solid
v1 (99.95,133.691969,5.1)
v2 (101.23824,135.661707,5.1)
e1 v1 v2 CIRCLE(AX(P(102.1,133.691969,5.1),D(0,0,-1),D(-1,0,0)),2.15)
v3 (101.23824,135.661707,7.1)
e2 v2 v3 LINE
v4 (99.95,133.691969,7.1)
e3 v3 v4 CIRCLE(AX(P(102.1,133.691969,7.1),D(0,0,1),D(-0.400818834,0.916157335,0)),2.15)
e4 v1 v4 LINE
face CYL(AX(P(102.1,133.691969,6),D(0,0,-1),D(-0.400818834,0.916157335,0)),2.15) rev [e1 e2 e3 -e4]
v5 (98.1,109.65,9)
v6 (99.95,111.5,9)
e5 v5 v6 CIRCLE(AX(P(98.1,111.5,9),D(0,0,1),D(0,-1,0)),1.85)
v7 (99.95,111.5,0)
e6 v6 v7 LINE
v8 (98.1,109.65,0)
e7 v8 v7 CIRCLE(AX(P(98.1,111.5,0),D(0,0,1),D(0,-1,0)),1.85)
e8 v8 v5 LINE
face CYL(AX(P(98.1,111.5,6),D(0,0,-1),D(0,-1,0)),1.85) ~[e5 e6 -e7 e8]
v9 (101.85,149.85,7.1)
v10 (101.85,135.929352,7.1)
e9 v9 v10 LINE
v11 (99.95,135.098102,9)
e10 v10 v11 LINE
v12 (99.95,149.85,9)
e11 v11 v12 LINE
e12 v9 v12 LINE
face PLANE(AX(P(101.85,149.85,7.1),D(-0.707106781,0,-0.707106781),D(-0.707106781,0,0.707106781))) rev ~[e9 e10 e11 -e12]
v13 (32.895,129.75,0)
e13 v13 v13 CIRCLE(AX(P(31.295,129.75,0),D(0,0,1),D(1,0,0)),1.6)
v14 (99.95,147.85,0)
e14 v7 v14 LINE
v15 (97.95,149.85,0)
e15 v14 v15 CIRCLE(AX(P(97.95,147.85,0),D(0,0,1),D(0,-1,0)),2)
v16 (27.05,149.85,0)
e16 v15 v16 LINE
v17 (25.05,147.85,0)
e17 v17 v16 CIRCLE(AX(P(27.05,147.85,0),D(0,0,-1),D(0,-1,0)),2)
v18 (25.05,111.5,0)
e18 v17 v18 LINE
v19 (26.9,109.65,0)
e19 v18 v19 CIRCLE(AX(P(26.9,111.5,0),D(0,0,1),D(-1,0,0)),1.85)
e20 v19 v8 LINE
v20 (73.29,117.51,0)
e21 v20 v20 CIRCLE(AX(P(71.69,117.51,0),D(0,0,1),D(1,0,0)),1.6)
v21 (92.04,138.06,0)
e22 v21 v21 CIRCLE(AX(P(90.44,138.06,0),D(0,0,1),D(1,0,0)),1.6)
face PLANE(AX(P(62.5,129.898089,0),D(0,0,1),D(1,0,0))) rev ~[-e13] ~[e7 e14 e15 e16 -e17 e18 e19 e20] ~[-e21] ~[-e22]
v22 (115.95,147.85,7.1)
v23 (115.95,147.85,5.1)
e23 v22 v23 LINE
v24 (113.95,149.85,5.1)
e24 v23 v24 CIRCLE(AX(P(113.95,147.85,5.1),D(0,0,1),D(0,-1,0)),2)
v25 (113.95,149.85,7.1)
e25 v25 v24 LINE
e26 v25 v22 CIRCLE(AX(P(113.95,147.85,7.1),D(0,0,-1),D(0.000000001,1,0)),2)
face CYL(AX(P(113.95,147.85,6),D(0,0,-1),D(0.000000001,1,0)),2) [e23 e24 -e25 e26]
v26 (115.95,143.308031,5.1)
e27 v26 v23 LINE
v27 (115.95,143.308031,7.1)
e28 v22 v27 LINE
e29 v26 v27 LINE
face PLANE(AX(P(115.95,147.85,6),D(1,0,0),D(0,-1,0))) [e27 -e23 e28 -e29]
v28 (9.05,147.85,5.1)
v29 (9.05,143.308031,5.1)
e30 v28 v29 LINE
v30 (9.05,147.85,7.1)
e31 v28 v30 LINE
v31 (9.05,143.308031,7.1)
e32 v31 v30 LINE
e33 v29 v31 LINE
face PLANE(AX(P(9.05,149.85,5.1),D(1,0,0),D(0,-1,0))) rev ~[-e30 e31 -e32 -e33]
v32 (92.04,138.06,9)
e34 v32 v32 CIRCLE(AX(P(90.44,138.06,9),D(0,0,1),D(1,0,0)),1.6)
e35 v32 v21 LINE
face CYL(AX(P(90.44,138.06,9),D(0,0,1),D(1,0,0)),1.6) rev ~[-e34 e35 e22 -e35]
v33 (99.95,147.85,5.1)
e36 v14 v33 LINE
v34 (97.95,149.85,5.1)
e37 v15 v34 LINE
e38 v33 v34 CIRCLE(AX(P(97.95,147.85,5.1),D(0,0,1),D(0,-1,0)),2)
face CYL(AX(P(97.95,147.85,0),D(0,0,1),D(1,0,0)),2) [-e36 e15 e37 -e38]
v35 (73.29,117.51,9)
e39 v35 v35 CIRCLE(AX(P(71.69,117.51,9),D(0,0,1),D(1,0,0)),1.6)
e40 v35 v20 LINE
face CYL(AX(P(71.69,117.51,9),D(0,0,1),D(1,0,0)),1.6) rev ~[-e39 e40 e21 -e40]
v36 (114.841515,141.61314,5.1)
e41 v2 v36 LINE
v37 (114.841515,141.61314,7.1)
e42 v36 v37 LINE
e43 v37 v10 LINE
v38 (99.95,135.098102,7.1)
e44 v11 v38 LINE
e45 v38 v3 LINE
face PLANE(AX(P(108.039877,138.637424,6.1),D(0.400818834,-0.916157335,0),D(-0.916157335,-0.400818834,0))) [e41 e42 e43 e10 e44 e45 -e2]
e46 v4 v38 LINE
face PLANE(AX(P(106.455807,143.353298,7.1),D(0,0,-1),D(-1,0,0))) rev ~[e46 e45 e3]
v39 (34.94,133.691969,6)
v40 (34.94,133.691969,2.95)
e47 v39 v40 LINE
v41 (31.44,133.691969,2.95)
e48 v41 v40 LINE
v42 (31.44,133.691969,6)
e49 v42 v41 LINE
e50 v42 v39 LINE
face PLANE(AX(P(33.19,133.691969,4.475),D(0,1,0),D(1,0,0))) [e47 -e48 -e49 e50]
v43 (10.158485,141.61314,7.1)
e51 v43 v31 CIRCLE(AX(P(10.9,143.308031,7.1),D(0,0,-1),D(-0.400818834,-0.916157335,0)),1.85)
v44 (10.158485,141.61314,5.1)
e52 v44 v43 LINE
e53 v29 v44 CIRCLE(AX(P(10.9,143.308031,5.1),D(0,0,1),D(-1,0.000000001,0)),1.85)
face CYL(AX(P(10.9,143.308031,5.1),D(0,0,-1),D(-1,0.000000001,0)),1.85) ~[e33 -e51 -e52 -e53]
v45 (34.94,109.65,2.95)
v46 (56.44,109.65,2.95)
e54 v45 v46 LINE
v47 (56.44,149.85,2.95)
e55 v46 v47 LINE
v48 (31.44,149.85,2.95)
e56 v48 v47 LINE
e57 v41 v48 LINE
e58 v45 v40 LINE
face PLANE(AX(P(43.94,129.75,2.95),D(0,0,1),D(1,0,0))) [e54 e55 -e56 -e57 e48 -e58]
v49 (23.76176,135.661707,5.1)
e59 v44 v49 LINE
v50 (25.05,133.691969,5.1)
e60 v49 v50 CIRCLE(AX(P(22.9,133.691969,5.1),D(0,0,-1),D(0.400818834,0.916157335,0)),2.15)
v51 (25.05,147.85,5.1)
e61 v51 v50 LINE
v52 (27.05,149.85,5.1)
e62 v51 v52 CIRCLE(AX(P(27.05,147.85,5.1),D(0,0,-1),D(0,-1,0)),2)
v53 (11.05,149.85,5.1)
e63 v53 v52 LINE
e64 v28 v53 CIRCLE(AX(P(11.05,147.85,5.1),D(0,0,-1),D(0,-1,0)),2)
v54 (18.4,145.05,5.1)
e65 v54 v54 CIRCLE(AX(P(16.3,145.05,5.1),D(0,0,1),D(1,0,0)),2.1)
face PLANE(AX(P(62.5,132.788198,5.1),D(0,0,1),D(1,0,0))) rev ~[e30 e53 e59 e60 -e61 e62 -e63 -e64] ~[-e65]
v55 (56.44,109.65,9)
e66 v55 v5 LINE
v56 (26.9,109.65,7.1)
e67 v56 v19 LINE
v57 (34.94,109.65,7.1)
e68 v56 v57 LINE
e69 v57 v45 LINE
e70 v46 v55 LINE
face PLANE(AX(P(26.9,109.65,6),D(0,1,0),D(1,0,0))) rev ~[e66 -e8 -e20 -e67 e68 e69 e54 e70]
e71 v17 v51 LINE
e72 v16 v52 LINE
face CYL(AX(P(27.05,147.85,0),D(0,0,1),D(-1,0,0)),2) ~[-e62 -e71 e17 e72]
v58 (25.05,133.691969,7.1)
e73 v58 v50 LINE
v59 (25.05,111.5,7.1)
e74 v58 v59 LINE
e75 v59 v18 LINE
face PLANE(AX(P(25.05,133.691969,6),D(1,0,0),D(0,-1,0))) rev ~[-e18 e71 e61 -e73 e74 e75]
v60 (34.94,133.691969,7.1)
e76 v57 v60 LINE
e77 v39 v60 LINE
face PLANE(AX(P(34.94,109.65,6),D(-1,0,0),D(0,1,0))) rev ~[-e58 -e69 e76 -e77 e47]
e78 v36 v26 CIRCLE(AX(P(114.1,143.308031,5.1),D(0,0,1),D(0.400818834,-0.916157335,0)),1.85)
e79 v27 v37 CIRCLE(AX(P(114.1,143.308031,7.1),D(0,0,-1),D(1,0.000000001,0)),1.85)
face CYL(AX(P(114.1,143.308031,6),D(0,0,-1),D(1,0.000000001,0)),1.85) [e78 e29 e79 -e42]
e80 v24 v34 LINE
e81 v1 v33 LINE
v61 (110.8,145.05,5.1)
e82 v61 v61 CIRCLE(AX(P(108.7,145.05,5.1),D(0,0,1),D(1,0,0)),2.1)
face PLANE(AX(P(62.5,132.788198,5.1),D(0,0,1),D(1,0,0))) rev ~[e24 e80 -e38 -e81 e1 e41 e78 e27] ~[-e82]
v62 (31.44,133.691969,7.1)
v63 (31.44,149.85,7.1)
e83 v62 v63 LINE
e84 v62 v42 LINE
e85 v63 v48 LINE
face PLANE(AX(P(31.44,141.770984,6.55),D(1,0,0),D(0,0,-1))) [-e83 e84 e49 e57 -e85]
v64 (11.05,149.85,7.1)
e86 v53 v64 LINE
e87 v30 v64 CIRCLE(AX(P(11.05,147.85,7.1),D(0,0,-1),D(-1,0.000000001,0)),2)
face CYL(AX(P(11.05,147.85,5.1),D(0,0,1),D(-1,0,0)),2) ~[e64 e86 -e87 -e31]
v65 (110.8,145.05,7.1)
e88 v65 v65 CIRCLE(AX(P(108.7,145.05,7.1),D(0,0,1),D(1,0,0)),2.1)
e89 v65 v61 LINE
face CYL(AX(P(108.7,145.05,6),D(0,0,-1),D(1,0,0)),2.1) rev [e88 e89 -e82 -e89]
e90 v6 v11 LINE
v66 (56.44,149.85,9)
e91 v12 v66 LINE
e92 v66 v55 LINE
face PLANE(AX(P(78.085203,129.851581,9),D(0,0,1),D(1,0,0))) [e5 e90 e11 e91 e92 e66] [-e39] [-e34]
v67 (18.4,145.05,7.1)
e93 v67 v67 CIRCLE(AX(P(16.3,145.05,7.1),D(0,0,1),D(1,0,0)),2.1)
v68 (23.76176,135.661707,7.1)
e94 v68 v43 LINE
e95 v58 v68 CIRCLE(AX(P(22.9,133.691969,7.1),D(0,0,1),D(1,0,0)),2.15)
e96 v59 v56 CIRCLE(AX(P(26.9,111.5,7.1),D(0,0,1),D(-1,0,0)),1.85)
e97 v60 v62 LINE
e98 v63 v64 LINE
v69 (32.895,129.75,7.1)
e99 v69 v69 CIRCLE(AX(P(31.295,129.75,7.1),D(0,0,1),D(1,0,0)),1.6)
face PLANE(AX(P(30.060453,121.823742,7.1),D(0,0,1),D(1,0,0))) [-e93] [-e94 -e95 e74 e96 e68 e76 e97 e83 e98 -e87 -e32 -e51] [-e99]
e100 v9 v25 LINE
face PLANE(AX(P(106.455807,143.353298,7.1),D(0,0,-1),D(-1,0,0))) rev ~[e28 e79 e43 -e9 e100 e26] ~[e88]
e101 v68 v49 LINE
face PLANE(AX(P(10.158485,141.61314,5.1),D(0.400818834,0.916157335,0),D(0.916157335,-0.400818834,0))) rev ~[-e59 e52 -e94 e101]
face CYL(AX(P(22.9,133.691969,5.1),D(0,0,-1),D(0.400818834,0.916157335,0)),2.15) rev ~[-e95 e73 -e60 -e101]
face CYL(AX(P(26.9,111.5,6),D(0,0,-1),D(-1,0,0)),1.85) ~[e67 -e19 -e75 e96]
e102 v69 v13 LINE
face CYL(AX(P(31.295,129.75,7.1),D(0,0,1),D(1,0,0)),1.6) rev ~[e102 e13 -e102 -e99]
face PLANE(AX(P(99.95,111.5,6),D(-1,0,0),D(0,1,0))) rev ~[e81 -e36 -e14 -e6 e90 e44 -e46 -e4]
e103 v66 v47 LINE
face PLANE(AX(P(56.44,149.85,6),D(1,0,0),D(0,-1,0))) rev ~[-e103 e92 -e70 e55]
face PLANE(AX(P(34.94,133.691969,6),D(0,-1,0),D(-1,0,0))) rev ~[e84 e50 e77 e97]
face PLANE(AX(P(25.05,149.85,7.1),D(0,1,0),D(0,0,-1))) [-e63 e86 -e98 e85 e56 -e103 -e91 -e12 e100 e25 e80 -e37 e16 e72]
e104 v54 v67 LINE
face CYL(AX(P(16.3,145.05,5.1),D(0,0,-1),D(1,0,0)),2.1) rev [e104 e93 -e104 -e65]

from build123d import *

# Parameters (mm, degrees)
BOSS_EXTRUDE1_DEPTH  = 5.1
SKETCH2_R            = 2.1
BOSS_EXTRUDE2_DEPTH  = 0.9
FILLET1_R            = 2
SKETCH3_R            = 2.1
BOSS_EXTRUDE3_DEPTH  = 1.1
BOSS_EXTRUDE4_DEPTH  = 16.158031
SKETCH5_W            = 25
SKETCH5_H            = 40.2
CUT_EXTRUDE2_DEPTH   = 3.05
SKETCH6_W            = 6
SKETCH6_H            = 24.2
BOSS_EXTRUDE5_DEPTH  = 3.5
CUT_EXTRUDE3_DEPTH   = 16.158031
BOSS_EXTRUDE6_DEPTH  = 3
BOSS_EXTRUDE7_REACH  = 42.2
SKETCH21_R           = 1.6
CUT_EXTRUDE6_DEPTH   = 9
CUT_EXTRUDE7_DEPTH   = 17.15803115
SKETCH23_W           = 1.1
SKETCH23_H           = 16.15803115
BOSS_EXTRUDE9_DEPTH  = 6.39
SKETCH26_W           = 3.5
SKETCH26_H           = 3.05
CUT_EXTRUDE11_DEPTH  = 0.158031
BOSS_EXTRUDE10_DEPTH = 1.1
SKETCH28_R           = 1.6
CUT_EXTRUDE12_DEPTH  = 7.1


with BuildPart() as part:
    # Sketch1 → Boss-Extrude1 (new body)
    with BuildSketch(Plane.XY):
        with BuildLine():
            Line((99.95, 149.85), (25.05, 149.85))
            Line((25.05, 149.85), (25.05, 148))
            Line((25.05, 148), (25.05, 111.5))
            ThreePointArc((25.05, 111.5), (25.591852455, 110.191852455), (26.9, 109.65))
            Line((26.9, 109.65), (98.1, 109.65))
            ThreePointArc((98.1, 109.65), (99.408147545, 110.191852455), (99.95, 111.5))
            Line((99.95, 111.5), (99.95, 148))
            Line((99.95, 148), (99.95, 149.85))
        make_face()
    extrude(amount=BOSS_EXTRUDE1_DEPTH)

    # Sketch2 → Boss-Extrude2 (add)
    with BuildSketch(Plane.XY.offset(5.1)):
        with BuildLine():
            Line((102.1, 149.85), (22.9, 149.85))
            Line((22.9, 149.85), (9.05, 149.85))
            Line((9.05, 149.85), (9.05, 148))
            Line((9.05, 148), (9.05, 143.30803115))
            ThreePointArc((9.05, 143.30803115), (9.351726371, 142.295436082), (10.158485157, 141.61314008))
            Line((10.158485157, 141.61314008), (23.761760493, 135.66170712))
            ThreePointArc((23.761760493, 135.66170712), (24.699345028, 134.868768523), (25.05, 133.69196885))
            Line((25.05, 133.69196885), (25.05, 111.5))
            ThreePointArc((25.05, 111.5), (25.591852455, 110.191852455), (26.9, 109.65))
            Line((26.9, 109.65), (98.1, 109.65))
            ThreePointArc((98.1, 109.65), (99.408147545, 110.191852455), (99.95, 111.5))
            Line((99.95, 111.5), (99.95, 133.69196885))
            ThreePointArc((99.95, 133.69196885), (100.300654972, 134.868768523), (101.238239507, 135.66170712))
            Line((101.238239507, 135.66170712), (114.841514843, 141.61314008))
            ThreePointArc((114.841514843, 141.61314008), (115.648273629, 142.295436082), (115.95, 143.30803115))
            Line((115.95, 143.30803115), (115.95, 148))
            Line((115.95, 148), (115.95, 149.85))
            Line((115.95, 149.85), (102.1, 149.85))
        make_face()
        with Locations((16.3, 145.05)):
            Circle(SKETCH2_R, mode=Mode.SUBTRACT)
        with Locations((108.7, 145.05)):
            Circle(SKETCH2_R, mode=Mode.SUBTRACT)
    extrude(amount=BOSS_EXTRUDE2_DEPTH)

    # Fillet1
    fillet1_edges = [part.edges().sort_by_distance(p)[0] for p in [
        (25.05, 149.85, 2.55),
        (99.95, 149.85, 2.55),
        (115.95, 149.85, 5.55),
        (9.05, 149.85, 5.55),
    ]]
    fillet(fillet1_edges, radius=FILLET1_R)

    # Sketch3 → Boss-Extrude3 (add)
    with BuildSketch(Plane.XY.offset(6)):
        with BuildLine():
            Line((99.95, 133.69196885), (99.95, 149.85))
            Line((99.95, 149.85), (113.95, 149.85))
            ThreePointArc((113.95, 149.85), (115.364213562, 149.264213562), (115.95, 147.85))
            Line((115.95, 147.85), (115.95, 143.30803115))
            ThreePointArc((115.95, 143.30803115), (115.648273629, 142.295436082), (114.841514843, 141.61314008))
            Line((114.841514843, 141.61314008), (101.238239507, 135.66170712))
            ThreePointArc((101.238239507, 135.66170712), (100.300654972, 134.868768523), (99.95, 133.69196885))
        make_face()
        with Locations((108.7, 145.05)):
            Circle(SKETCH3_R, mode=Mode.SUBTRACT)
        with BuildLine():
            Line((11.05, 149.85), (25.05, 149.85))
            Line((25.05, 149.85), (25.05, 133.69196885))
            ThreePointArc((25.05, 133.69196885), (24.699345028, 134.868768523), (23.761760493, 135.66170712))
            Line((23.761760493, 135.66170712), (10.158485157, 141.61314008))
            ThreePointArc((10.158485157, 141.61314008), (9.351726371, 142.295436082), (9.05, 143.30803115))
            Line((9.05, 143.30803115), (9.05, 147.85))
            ThreePointArc((9.05, 147.85), (9.635786438, 149.264213562), (11.05, 149.85))
        make_face()
        with Locations((16.3, 145.05)):
            Circle(SKETCH3_R, mode=Mode.SUBTRACT)
    extrude(amount=BOSS_EXTRUDE3_DEPTH)

    # Sketch4 → Boss-Extrude4 (add)
    with BuildSketch(Plane(origin=(0, 149.85, 0), x_dir=(1, 0, 0), z_dir=(0, 1, 0))):
        Polygon((25.05, -7.1), (27.55, -6), (25.05, -6), align=None)
        Polygon((97.45, -6), (99.95, -7.1), (99.95, -6), align=None)
    extrude(amount=-BOSS_EXTRUDE4_DEPTH)

    # Sketch5 → Cut-Extrude2 (cut)
    with BuildSketch(Plane.XY.offset(6)):
        with Locations((43.94, 129.75)):
            Rectangle(SKETCH5_W, SKETCH5_H)
    extrude(amount=-CUT_EXTRUDE2_DEPTH, mode=Mode.SUBTRACT)

    # Sketch6 → Boss-Extrude5 (add)
    with BuildSketch(Plane(origin=(31.44, 0, 0), x_dir=(0, 0, -1), z_dir=(1, 0, 0))):
        with Locations((-3, 121.75)):
            Rectangle(SKETCH6_W, SKETCH6_H)
    extrude(amount=BOSS_EXTRUDE5_DEPTH)

    # Sketch9 → Cut-Extrude3 (cut)
    with BuildSketch(Plane.XZ.offset(-133.69196885)):
        Polygon((97.45, 6), (99.95, 7.1), (99.95, 6), align=None)
    extrude(amount=-CUT_EXTRUDE3_DEPTH, mode=Mode.SUBTRACT)

    # Sketch10 → Boss-Extrude6 (add)
    with BuildSketch(Plane.XY.offset(6)):
        with BuildLine():
            Line((56.44, 149.85), (56.44, 109.65))
            Line((56.44, 109.65), (98.1, 109.65))
            ThreePointArc((98.1, 109.65), (99.408147545, 110.191852455), (99.95, 111.5))
            Line((99.95, 111.5), (99.95, 149.85))
            Line((99.95, 149.85), (56.44, 149.85))
        make_face()
    extrude(amount=BOSS_EXTRUDE6_DEPTH)

    # Boss-Extrude7: up to this face of the body (flat: up to its plane)
    boss_extrude7_end = Plane(part.part.faces().sort_by_distance((108.039877175, 138.6374236, 6.1))[0])
    # Sketch12 → Boss-Extrude7 (add, up to the picked face)
    with BuildSketch(Plane(origin=(0, 149.85, 0), x_dir=(1, 0, 0), z_dir=(0, 1, 0)), mode=Mode.PRIVATE) as boss_extrude7_sk1:
        Polygon((99.95, -9), (99.95, -7.1), (101.85, -7.1), align=None)
    boss_extrude7_tool1 = split(extrude(boss_extrude7_sk1.sketch, amount=-BOSS_EXTRUDE7_REACH, mode=Mode.PRIVATE), bisect_by=boss_extrude7_end, keep=Keep.BOTH, mode=Mode.PRIVATE)
    add(boss_extrude7_tool1.solids().sort_by_distance((100.583333, 149.85, 7.733333))[0])

    # Sketch21 → Cut-Extrude6 (cut)
    with BuildSketch(Plane.XY.offset(9)):
        with Locations((90.44, 138.06)):
            Circle(SKETCH21_R)
        with Locations((71.69, 117.51)):
            Circle(SKETCH21_R)
    extrude(amount=-CUT_EXTRUDE6_DEPTH, mode=Mode.SUBTRACT)

    # Sketch22 → Cut-Extrude7 (cut, through all)
    with BuildSketch(Plane.XZ.offset(-133.69196885)):
        Polygon((25.05, 7.1), (25.05, 6), (27.55, 6), align=None)
    extrude(amount=-CUT_EXTRUDE7_DEPTH, mode=Mode.SUBTRACT)

    # Sketch23 → Boss-Extrude9 (add)
    with BuildSketch(Plane(origin=(25.05, 0, 0), x_dir=(0, 0, -1), z_dir=(1, 0, 0))):
        with Locations((-6.55, 141.770984425)):
            Rectangle(SKETCH23_W, SKETCH23_H)
    extrude(amount=BOSS_EXTRUDE9_DEPTH)

    # Sketch26 → Cut-Extrude11 (cut)
    with BuildSketch(Plane(origin=(0, 133.85, 0), x_dir=(1, 0, 0), z_dir=(0, 1, 0))):
        with Locations((33.19, -4.475)):
            Rectangle(SKETCH26_W, SKETCH26_H)
    extrude(amount=-CUT_EXTRUDE11_DEPTH, mode=Mode.SUBTRACT)

    # Sketch27 → Boss-Extrude10 (add)
    with BuildSketch(Plane.XY.offset(6)):
        with BuildLine():
            Line((34.94, 109.65), (34.94, 133.69196885))
            Line((34.94, 133.69196885), (25.05, 133.69196885))
            Line((25.05, 133.69196885), (25.05, 111.5))
            ThreePointArc((25.05, 111.5), (25.591852455, 110.191852455), (26.9, 109.65))
            Line((26.9, 109.65), (34.94, 109.65))
        make_face()
    extrude(amount=BOSS_EXTRUDE10_DEPTH)

    # Sketch28 → Cut-Extrude12 (cut)
    with BuildSketch(Plane.XY.offset(7.1)):
        with Locations((31.295, 129.75)):
            Circle(SKETCH28_R)
    extrude(amount=-CUT_EXTRUDE12_DEPTH, mode=Mode.SUBTRACT)


solid = part.part
